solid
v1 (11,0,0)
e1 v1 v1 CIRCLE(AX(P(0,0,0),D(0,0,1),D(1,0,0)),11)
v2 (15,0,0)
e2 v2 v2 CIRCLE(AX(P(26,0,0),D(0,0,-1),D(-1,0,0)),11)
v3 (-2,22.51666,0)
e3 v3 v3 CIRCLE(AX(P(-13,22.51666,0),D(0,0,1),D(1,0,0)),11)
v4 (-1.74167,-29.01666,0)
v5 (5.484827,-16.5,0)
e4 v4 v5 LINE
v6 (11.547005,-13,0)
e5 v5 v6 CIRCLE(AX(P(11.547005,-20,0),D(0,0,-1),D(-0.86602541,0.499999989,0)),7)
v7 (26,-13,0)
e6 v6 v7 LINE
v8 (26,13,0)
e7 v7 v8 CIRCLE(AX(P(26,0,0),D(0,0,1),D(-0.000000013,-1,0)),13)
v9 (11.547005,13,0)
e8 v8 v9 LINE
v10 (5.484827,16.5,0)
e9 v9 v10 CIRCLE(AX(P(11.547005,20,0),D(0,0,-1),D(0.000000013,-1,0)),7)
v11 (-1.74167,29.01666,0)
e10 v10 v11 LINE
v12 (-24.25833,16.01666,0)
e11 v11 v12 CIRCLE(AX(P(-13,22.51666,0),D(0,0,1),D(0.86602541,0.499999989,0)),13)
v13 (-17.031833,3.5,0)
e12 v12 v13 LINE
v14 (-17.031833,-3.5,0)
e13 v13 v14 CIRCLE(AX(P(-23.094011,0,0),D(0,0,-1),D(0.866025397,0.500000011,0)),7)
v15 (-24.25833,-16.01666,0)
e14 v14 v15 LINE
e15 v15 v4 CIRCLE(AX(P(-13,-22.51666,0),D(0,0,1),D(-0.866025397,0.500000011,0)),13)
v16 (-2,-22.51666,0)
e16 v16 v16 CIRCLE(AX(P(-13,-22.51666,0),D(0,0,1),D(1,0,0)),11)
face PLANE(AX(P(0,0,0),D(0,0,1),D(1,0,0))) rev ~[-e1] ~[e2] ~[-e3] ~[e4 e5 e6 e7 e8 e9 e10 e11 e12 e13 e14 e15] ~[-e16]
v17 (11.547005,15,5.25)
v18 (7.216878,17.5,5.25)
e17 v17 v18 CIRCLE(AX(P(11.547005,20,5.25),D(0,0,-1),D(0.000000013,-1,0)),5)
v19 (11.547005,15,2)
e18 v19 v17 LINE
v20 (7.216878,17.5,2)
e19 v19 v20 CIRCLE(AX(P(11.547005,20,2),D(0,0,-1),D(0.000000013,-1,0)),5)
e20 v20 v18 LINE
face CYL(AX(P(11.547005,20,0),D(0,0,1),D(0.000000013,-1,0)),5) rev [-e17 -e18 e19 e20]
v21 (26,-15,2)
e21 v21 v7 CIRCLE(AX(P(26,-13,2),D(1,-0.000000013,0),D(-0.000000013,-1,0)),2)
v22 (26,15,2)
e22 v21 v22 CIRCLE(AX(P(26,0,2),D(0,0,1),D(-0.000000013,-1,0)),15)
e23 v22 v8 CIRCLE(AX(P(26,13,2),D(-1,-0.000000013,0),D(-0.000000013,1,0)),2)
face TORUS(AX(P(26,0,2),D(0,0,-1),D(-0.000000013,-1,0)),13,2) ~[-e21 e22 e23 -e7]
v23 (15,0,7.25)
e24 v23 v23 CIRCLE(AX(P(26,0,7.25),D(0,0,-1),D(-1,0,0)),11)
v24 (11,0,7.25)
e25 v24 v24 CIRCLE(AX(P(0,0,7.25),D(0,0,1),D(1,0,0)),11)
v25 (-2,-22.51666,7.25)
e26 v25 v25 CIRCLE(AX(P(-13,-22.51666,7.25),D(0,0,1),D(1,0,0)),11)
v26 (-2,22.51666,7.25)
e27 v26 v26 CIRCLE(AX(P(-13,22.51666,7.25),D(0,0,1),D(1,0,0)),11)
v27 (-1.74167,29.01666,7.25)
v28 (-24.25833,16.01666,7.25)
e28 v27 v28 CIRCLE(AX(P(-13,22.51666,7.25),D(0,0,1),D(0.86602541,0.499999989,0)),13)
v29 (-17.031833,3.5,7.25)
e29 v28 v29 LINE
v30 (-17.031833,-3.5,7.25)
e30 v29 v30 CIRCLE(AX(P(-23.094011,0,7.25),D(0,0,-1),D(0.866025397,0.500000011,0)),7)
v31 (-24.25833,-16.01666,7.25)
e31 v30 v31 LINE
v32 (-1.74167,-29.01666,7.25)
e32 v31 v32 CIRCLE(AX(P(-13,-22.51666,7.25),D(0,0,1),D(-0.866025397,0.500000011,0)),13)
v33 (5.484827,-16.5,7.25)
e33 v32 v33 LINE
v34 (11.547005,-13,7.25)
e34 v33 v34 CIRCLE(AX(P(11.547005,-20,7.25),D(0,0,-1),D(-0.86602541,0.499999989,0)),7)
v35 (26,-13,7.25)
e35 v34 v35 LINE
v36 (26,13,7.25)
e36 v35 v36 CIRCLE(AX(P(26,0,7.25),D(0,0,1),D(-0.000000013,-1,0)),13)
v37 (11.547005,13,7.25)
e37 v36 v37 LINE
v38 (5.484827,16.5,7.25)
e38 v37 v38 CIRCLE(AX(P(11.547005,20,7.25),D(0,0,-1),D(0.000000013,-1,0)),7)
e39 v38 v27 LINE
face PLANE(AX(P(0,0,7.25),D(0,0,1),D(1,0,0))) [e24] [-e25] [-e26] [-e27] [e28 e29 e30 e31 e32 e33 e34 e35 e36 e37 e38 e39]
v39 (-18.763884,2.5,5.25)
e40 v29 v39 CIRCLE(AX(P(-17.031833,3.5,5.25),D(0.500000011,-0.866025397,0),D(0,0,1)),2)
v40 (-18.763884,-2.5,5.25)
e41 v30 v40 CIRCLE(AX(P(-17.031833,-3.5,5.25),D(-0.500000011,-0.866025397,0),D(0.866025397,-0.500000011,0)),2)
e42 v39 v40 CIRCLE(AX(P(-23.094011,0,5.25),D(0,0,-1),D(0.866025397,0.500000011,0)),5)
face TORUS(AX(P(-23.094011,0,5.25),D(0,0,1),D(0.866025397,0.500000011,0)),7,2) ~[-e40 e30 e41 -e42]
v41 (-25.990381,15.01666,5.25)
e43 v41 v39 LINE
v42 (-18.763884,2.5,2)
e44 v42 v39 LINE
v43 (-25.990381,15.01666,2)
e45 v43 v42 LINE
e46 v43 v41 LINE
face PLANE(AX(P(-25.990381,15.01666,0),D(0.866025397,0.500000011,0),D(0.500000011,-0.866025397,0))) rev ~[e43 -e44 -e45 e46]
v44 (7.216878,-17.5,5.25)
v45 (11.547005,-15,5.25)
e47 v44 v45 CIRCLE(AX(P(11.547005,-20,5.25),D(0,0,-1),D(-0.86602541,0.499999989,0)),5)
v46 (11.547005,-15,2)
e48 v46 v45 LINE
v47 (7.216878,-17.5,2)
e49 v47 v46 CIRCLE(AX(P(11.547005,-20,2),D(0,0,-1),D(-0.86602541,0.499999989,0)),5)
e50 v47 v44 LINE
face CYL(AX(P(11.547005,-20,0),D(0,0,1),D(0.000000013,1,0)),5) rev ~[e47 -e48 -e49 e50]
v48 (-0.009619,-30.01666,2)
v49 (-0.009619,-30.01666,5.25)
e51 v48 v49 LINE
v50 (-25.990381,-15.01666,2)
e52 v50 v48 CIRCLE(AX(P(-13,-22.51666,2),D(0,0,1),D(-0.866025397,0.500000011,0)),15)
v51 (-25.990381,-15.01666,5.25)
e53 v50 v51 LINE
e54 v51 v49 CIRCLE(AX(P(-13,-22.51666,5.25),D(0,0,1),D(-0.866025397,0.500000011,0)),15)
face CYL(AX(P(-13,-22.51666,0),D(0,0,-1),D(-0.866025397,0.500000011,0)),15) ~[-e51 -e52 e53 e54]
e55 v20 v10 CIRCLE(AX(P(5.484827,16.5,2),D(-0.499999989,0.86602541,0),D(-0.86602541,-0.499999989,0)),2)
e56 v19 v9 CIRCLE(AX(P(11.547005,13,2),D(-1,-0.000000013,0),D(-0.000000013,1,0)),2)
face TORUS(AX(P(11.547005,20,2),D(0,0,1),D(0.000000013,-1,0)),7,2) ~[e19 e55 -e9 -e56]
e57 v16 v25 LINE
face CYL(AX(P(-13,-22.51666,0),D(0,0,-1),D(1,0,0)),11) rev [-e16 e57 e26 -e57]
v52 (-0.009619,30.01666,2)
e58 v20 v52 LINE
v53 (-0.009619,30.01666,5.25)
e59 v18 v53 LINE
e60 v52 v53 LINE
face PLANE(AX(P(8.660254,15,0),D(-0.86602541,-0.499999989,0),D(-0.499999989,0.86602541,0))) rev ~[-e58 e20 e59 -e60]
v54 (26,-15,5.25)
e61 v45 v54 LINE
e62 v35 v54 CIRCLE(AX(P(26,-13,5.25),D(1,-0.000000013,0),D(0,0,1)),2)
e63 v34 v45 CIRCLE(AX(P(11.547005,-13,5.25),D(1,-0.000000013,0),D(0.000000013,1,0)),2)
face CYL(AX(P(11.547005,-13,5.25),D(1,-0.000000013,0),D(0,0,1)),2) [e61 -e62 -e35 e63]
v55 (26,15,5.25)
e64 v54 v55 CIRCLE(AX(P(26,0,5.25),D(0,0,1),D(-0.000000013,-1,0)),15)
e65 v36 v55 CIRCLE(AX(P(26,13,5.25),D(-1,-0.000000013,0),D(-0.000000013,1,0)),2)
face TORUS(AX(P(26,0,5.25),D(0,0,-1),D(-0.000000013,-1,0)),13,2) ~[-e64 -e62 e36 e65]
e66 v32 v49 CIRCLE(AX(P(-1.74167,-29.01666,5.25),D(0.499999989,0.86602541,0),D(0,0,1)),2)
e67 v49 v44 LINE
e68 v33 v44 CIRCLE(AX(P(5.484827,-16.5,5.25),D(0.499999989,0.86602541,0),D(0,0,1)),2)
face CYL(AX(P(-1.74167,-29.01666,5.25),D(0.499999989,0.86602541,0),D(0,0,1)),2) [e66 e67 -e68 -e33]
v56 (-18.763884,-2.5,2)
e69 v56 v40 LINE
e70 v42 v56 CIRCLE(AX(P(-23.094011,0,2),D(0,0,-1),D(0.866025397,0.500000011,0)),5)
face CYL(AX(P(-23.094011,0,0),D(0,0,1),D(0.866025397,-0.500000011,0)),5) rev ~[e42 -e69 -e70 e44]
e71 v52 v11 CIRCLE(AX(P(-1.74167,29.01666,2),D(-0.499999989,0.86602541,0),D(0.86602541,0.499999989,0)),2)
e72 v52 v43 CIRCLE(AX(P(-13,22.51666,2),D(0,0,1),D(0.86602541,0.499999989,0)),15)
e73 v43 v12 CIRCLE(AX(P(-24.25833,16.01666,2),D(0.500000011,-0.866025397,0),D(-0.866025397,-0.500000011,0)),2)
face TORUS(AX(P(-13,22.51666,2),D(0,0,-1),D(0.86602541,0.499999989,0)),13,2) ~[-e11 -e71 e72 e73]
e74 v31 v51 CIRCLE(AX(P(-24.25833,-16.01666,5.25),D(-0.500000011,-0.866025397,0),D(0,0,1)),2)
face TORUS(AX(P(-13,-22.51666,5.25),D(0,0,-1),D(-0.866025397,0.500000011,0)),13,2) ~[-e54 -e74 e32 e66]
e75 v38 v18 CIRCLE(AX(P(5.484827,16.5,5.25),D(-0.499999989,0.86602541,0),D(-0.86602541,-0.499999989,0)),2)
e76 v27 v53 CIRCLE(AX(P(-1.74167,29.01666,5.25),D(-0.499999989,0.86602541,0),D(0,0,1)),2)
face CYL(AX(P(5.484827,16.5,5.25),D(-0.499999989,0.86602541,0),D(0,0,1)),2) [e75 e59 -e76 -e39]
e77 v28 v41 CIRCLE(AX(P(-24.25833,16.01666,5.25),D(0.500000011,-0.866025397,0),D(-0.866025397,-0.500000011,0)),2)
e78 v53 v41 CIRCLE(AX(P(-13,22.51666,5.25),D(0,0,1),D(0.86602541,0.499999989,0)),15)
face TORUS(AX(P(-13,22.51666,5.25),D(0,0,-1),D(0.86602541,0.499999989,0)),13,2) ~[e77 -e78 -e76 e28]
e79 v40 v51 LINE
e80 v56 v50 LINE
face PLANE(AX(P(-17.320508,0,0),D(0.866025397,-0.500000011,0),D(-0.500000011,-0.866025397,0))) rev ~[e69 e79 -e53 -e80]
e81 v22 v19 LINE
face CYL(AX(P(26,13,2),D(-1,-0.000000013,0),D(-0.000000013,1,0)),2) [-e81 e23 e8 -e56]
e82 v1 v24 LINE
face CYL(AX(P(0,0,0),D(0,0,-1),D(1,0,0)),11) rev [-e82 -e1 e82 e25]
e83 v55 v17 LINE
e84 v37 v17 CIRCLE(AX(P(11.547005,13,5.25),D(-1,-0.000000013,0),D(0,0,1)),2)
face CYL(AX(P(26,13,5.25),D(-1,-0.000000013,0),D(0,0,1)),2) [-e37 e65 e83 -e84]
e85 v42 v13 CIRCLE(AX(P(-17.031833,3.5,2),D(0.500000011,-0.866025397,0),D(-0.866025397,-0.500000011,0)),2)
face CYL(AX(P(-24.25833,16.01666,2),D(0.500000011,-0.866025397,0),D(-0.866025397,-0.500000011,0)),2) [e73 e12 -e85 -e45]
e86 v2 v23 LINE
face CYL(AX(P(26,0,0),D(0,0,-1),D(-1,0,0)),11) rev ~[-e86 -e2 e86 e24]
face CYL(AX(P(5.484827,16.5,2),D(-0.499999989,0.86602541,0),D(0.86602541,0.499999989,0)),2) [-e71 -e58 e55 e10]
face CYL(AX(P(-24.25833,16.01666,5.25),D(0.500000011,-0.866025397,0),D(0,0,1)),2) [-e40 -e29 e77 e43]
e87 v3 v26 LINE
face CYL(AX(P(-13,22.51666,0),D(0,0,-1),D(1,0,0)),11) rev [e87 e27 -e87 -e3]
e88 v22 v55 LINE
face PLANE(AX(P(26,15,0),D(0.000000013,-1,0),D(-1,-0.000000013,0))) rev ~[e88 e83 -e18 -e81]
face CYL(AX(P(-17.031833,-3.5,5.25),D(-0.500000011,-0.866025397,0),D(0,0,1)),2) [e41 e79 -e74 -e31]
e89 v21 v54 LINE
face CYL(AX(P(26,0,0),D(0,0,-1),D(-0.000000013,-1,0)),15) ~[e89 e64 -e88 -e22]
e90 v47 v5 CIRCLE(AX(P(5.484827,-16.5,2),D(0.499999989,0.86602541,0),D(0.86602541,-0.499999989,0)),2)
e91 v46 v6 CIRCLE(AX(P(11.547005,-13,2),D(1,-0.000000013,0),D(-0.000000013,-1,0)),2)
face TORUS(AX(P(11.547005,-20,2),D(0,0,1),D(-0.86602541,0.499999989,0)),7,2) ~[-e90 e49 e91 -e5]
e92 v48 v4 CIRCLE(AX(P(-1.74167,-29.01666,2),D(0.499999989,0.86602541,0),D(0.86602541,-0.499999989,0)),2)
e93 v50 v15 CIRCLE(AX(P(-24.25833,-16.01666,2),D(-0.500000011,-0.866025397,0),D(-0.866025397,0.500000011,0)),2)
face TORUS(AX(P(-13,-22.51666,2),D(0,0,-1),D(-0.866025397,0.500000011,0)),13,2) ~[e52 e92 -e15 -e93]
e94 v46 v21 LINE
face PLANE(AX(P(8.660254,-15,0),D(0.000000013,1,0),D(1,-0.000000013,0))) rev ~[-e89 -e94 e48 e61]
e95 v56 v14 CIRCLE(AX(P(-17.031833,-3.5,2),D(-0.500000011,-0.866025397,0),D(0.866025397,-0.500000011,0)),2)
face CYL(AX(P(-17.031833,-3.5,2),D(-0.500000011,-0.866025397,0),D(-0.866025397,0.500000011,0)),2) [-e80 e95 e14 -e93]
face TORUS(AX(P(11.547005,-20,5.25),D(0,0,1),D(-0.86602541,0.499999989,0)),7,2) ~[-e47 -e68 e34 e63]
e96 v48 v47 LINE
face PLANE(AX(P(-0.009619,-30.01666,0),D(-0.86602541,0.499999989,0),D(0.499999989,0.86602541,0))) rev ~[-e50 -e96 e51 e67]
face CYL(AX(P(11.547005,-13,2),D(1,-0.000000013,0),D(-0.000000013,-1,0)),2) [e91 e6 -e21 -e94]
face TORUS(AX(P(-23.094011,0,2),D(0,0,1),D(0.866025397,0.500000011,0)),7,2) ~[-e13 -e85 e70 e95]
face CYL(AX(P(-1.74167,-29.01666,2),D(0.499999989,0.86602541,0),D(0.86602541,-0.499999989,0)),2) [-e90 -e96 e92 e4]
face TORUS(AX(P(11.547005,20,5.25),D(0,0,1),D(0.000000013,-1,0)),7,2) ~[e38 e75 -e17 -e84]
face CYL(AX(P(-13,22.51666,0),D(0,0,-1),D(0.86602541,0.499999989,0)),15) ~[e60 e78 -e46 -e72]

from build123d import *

# Parameters (mm, degrees)
F0_R     = 11
F1_DEPTH = 7.25
F2_R     = 5
F3_R     = 2


with BuildPart() as f1:
    # F0 (on Top) → F1 (new body)
    with BuildSketch(Plane.XY):
        with BuildLine():
            Line((8.6602539087, -14.9999997764), (25.9999998066, -15))
            ThreePointArc((25.9999998066, -15), (41, 0), (25.9999998066, 15))
            Line((25.9999998066, 15), (8.6602539087, 14.9999997764))
            Line((8.6602539087, 14.9999997764), (-0.0096188465, 30.0166603309))
            ThreePointArc((-0.0096188465, 30.0166603309), (-20.5, 35.5070415552), (-25.9903809601, 15.0166603309))
            Line((-25.9903809601, 15.0166603309), (-17.3205078175, 0))
            Line((-17.3205078175, 0), (-25.9903809601, -15.0166603309))
            ThreePointArc((-25.9903809601, -15.0166603309), (-20.5, -35.5070415552), (-0.0096188465, -30.0166603309))
            Line((-0.0096188465, -30.0166603309), (8.6602539087, -14.9999997764))
        make_face()
        with Locations((-13, -22.5166604984)):
            Circle(F0_R, mode=Mode.SUBTRACT)
        Circle(F0_R, mode=Mode.SUBTRACT)
        with BuildLine():
            ThreePointArc((37, 0), (26, -11), (15, 0))
            ThreePointArc((15, 0), (26, 11), (37, 0))
        make_face(mode=Mode.SUBTRACT)
        with Locations((-13, 22.5166604984)):
            Circle(F0_R, mode=Mode.SUBTRACT)
    extrude(amount=F1_DEPTH)

    # F2
    f2_edges = [f1.edges().sort_by_distance(p)[0] for p in [
        (8.660254, 15, 3.625),
        (-17.320508, 0, 3.625),
        (8.660254, -15, 3.625),
    ]]
    fillet(f2_edges, radius=F2_R)

    # F3
    f3_edges = [f1.edges().sort_by_distance(p)[0] for p in [
        (3.60363, -23.75833, 7.25),
        (-20.5, -35.507042, 7.25),
        (-22.377132, -8.75833, 7.25),
        (-18.094011, 0, 7.25),
        (-22.377132, 8.75833, 7.25),
        (-20.5, 35.507042, 7.25),
        (3.60363, 23.75833, 7.25),
        (18.773503, 15, 7.25),
        (41, 0, 7.25),
        (18.773503, -15, 7.25),
        (9.047005, -15.669873, 7.25),
        (9.047005, 15.669873, 7.25),
        (18.773503, -15, 0),
        (3.60363, -23.75833, 0),
        (-22.377132, -8.75833, 0),
        (-20.5, -35.507042, 0),
        (41, 0, 0),
        (18.773503, 15, 0),
        (-20.5, 35.507042, 0),
        (3.60363, 23.75833, 0),
        (-22.377132, 8.75833, 0),
        (-18.094011, 0, 0),
        (9.047005, 15.669873, 0),
        (9.047005, -15.669873, 0),
    ]]
    fillet(f3_edges, radius=F3_R)


solid = f1.part
